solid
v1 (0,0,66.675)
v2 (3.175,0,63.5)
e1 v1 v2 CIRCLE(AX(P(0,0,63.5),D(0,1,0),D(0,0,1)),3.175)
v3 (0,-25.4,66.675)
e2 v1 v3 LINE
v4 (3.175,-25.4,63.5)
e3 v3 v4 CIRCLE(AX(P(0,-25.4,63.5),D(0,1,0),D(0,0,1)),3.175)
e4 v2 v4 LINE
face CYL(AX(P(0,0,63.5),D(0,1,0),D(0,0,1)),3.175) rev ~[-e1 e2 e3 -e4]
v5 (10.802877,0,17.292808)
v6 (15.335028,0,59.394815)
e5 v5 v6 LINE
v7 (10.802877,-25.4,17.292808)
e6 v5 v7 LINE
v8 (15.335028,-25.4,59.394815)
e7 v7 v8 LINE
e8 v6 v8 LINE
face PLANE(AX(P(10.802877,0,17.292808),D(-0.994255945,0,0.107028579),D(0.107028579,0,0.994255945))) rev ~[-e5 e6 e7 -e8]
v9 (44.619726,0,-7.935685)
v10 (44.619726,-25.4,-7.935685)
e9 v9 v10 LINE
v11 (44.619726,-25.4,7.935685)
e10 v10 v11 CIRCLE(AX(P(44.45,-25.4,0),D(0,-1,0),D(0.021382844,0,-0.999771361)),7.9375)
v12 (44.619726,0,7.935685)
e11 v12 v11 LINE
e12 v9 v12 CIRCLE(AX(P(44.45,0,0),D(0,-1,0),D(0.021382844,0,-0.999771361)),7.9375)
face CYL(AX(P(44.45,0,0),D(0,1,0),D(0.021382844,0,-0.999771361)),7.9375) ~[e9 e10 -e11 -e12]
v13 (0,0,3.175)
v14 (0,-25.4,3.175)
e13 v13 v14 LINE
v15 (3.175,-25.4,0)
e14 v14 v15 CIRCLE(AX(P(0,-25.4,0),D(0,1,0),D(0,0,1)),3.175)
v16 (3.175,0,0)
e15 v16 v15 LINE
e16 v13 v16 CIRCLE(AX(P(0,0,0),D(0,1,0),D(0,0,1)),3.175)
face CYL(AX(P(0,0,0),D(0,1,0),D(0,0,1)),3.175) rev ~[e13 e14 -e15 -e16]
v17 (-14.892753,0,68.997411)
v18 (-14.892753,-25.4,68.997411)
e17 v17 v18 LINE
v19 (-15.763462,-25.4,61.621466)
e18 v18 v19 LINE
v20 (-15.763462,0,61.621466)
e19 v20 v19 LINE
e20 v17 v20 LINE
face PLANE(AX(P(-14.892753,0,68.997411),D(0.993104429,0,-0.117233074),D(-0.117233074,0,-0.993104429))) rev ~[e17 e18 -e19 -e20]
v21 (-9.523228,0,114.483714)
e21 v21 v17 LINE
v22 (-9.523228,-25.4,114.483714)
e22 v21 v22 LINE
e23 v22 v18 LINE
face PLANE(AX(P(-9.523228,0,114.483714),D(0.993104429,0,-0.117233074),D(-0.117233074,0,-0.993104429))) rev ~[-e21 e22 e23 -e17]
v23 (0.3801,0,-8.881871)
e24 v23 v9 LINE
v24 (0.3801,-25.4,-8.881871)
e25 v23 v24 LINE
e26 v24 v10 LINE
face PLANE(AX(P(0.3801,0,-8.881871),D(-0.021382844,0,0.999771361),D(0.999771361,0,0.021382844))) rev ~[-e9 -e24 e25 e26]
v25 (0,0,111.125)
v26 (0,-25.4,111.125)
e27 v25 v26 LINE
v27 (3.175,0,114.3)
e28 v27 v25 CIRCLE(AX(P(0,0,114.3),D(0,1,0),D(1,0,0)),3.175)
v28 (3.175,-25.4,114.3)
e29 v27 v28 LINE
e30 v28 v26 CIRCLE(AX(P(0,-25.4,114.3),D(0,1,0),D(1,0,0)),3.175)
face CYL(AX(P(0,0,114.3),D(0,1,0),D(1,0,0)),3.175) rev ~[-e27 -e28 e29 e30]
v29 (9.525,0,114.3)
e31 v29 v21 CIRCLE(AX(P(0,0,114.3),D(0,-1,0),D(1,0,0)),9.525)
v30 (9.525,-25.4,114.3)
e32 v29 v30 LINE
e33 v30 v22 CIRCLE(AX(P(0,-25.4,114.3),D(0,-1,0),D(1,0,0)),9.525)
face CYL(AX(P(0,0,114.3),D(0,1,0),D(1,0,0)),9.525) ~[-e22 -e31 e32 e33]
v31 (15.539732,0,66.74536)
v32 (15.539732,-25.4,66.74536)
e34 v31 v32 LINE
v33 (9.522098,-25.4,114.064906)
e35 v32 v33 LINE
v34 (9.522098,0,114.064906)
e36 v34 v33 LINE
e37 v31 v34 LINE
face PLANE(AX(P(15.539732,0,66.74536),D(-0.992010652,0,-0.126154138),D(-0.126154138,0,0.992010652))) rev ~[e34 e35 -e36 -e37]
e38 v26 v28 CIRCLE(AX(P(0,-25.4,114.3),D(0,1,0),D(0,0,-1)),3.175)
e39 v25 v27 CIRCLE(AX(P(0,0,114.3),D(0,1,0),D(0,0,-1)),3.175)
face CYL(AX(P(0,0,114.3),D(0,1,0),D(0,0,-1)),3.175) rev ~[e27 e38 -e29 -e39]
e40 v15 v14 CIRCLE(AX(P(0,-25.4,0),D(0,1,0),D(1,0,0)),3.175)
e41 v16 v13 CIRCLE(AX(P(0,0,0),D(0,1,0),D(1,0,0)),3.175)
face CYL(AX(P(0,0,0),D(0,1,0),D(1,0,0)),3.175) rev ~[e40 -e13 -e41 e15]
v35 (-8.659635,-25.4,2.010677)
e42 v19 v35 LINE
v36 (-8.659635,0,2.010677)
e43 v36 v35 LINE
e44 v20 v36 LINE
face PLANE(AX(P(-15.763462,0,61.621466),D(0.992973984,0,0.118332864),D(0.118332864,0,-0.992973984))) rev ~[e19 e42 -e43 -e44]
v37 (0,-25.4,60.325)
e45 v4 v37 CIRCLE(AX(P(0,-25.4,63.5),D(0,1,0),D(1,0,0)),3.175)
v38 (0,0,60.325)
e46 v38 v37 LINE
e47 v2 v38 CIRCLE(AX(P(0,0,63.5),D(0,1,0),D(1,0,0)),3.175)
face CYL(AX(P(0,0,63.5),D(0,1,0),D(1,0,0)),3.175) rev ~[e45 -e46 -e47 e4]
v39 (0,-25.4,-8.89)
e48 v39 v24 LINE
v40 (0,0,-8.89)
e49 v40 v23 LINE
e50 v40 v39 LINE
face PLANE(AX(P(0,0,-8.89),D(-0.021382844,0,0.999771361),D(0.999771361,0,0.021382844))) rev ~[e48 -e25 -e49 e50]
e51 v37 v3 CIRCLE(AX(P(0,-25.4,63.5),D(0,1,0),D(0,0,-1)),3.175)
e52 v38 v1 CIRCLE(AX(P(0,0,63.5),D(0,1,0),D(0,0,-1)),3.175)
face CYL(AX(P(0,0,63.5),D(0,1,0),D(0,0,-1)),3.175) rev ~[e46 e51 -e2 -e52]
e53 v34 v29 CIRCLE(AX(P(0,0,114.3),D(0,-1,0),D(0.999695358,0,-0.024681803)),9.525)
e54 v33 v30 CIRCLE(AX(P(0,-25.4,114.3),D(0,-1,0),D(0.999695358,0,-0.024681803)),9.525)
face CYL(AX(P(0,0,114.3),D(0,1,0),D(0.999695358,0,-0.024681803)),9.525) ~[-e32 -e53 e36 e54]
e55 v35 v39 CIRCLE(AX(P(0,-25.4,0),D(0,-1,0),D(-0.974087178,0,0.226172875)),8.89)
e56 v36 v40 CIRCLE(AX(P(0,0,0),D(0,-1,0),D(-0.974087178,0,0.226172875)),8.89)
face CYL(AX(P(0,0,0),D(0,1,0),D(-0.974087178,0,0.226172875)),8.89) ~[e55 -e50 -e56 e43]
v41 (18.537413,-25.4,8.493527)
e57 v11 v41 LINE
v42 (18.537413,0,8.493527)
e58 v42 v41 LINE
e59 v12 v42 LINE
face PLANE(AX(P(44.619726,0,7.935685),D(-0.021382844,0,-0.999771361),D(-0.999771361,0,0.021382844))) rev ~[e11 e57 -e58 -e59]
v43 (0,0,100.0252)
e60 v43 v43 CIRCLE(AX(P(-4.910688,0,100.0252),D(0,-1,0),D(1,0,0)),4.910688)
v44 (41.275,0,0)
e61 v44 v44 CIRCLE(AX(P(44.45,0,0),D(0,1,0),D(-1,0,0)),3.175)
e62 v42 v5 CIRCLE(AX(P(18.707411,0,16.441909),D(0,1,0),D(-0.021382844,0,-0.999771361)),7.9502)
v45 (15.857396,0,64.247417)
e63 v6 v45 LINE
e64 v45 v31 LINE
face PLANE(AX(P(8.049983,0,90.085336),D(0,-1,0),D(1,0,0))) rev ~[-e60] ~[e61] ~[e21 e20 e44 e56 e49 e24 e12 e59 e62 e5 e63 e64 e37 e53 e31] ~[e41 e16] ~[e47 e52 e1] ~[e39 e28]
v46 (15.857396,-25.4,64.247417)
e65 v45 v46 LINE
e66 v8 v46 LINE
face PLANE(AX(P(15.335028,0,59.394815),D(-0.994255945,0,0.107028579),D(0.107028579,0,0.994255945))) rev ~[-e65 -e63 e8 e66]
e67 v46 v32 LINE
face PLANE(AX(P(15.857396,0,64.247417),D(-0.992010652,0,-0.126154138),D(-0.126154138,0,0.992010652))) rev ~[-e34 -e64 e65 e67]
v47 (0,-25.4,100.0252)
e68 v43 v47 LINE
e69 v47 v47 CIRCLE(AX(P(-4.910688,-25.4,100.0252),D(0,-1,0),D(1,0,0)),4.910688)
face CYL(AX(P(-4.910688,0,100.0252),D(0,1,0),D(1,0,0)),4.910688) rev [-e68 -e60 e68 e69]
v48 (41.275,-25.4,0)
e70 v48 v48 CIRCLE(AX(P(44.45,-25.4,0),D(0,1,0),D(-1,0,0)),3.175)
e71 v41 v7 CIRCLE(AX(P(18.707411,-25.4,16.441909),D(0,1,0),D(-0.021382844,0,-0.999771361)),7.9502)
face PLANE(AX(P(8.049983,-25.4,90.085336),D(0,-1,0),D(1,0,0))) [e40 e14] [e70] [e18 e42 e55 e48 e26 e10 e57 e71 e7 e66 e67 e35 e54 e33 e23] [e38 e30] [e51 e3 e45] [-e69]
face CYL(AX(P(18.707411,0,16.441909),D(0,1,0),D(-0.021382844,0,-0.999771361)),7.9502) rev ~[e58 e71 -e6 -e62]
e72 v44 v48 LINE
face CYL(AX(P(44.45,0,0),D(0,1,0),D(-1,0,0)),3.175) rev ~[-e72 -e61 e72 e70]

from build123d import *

# Parameters (mm, degrees)
F0_R     = 4.910687916
F1_DEPTH = 25.4


with BuildPart() as f1:
    # F0 (on Front) → F1 (new body)
    with BuildSketch(Plane.XZ):
        with BuildLine():
            Line((0, 100.0252), (0, 79.375))
            ThreePointArc((0, 79.375), (10.012380623, 75.8194098585), (15.5397317232, 66.7453602219))
            Line((15.5397317232, 66.7453602219), (9.5220982838, 114.0649058205))
            ThreePointArc((9.5220982838, 114.0649058205), (6.6515544401, 107.4821962092), (0, 104.775))
            Line((0, 104.775), (0, 100.0252))
        make_face()
        with BuildLine():
            Line((-9.523228136, 114.483714097), (-14.8927532543, 68.9974108003))
            ThreePointArc((-14.8927532543, 68.9974108003), (-9.0759084544, 76.5247268965), (0, 79.375))
            Line((0, 79.375), (0, 100.0252))
            Line((0, 100.0252), (0, 104.775))
            ThreePointArc((0, 104.775), (-6.799834622, 107.6300769035), (-9.523228136, 114.483714097))
        make_face()
        with Locations((-4.910687916, 100.0252)):
            Circle(F0_R, mode=Mode.SUBTRACT)
        with BuildLine():
            ThreePointArc((9.525, 114.3), (0.0918613207, 123.8245570237), (-9.523228136, 114.483714097))
            ThreePointArc((-9.523228136, 114.483714097), (-6.799834622, 107.6300769035), (0, 104.775))
            ThreePointArc((0, 104.775), (6.6515544401, 107.4821962092), (9.5220982838, 114.0649058205))
            ThreePointArc((9.5220982838, 114.0649058205), (9.5242745433, 114.1824439568), (9.525, 114.3))
        make_face()
        with BuildLine():
            ThreePointArc((3.175, 114.3), (2.2450640303, 112.0549359697), (0, 111.125))
            ThreePointArc((0, 111.125), (-2.2450640303, 116.5450640303), (3.175, 114.3))
        make_face(mode=Mode.SUBTRACT)
        with BuildLine():
            Line((0, 47.625), (0, 8.89))
            ThreePointArc((0, 8.89), (6.2861792847, 6.2861792847), (8.89, 0))
            Line((8.89, 0), (36.5125, 0))
            ThreePointArc((36.5125, 0), (38.8976714985, 5.6723499946), (44.6197263211, 7.9356851768))
            Line((44.6197263211, 7.9356851768), (18.5374126861, 8.4935267545))
            ThreePointArc((18.5374126861, 8.4935267545), (12.7361166784, 11.193163529), (10.8028769592, 17.2928076391))
            Line((10.8028769592, 17.2928076391), (15.3350279263, 59.3948150467))
            ThreePointArc((15.3350279263, 59.3948150467), (9.6655525933, 50.9066399215), (0, 47.625))
        make_face()
        with BuildLine():
            ThreePointArc((-8.6596350135, 2.0106768596), (-5.5297912582, 6.9608554532), (0, 8.89))
            Line((0, 8.89), (0, 47.625))
            ThreePointArc((0, 47.625), (-10.5402536567, 51.629082687), (-15.763461999, 61.6214657823))
            Line((-15.763461999, 61.6214657823), (-8.6596350135, 2.0106768596))
        make_face()
        with BuildLine():
            Line((36.5125, 0), (8.89, 0))
            ThreePointArc((8.89, 0), (6.4191584066, -6.1503256296), (0.3801000336, -8.8818705217))
            Line((0.3801000336, -8.8818705217), (44.6197263211, -7.9356851768))
            ThreePointArc((44.6197263211, -7.9356851768), (38.8976714985, -5.6723499946), (36.5125, 0))
        make_face()
        with BuildLine():
            ThreePointArc((44.6197263211, 7.9356851768), (38.8976714985, 5.6723499946), (36.5125, 0))
            ThreePointArc((36.5125, 0), (38.8976714985, -5.6723499946), (44.6197263211, -7.9356851768))
            ThreePointArc((44.6197263211, -7.9356851768), (50.1223499946, -5.5523285015), (52.3875, 0))
            ThreePointArc((52.3875, 0), (50.1223499946, 5.5523285015), (44.6197263211, 7.9356851768))
        make_face()
        with BuildLine():
            ThreePointArc((47.625, 0), (44.45, -3.175), (41.275, 0))
            ThreePointArc((41.275, 0), (44.45, 3.175), (47.625, 0))
        make_face(mode=Mode.SUBTRACT)
        with BuildLine():
            Line((0, 8.89), (0, 3.175))
            ThreePointArc((0, 3.175), (2.2450640303, 2.2450640303), (3.175, 0))
            Line((3.175, 0), (8.89, 0))
            ThreePointArc((8.89, 0), (6.2861792847, 6.2861792847), (0, 8.89))
        make_face()
        with BuildLine():
            ThreePointArc((3.175, 0), (-2.2450640303, -2.2450640303), (0, 3.175))
            Line((0, 3.175), (0, 8.89))
            ThreePointArc((0, 8.89), (-5.5297912582, 6.9608554532), (-8.6596350135, 2.0106768596))
            ThreePointArc((-8.6596350135, 2.0106768596), (-6.9608554532, -5.5297912582), (0, -8.89))
            Line((0, -8.89), (0.3801000336, -8.8818705217))
            ThreePointArc((0.3801000336, -8.8818705217), (6.4191584066, -6.1503256296), (8.89, 0))
            Line((8.89, 0), (3.175, 0))
        make_face()
        with BuildLine():
            ThreePointArc((-15.763461999, 61.6214657823), (-10.5402536567, 51.629082687), (0, 47.625))
            Line((0, 47.625), (0, 60.325))
            ThreePointArc((0, 60.325), (-3.175, 63.5), (0, 66.675))
            Line((0, 66.675), (0, 79.375))
            ThreePointArc((0, 79.375), (-9.0759084544, 76.5247268965), (-14.8927532543, 68.9974108003))
            Line((-14.8927532543, 68.9974108003), (-15.763461999, 61.6214657823))
        make_face()
        with BuildLine():
            Line((0, 60.325), (0, 47.625))
            ThreePointArc((0, 47.625), (9.6655525933, 50.9066399215), (15.3350279263, 59.3948150467))
            Line((15.3350279263, 59.3948150467), (15.8573955257, 64.2474169793))
            Line((15.8573955257, 64.2474169793), (15.5397317232, 66.7453602219))
            ThreePointArc((15.5397317232, 66.7453602219), (10.012380623, 75.8194098585), (0, 79.375))
            Line((0, 79.375), (0, 66.675))
            ThreePointArc((0, 66.675), (2.2450640303, 65.7450640303), (3.175, 63.5))
            ThreePointArc((3.175, 63.5), (2.2450640303, 61.2549359697), (0, 60.325))
        make_face()
    extrude(amount=F1_DEPTH)


solid = f1.part
